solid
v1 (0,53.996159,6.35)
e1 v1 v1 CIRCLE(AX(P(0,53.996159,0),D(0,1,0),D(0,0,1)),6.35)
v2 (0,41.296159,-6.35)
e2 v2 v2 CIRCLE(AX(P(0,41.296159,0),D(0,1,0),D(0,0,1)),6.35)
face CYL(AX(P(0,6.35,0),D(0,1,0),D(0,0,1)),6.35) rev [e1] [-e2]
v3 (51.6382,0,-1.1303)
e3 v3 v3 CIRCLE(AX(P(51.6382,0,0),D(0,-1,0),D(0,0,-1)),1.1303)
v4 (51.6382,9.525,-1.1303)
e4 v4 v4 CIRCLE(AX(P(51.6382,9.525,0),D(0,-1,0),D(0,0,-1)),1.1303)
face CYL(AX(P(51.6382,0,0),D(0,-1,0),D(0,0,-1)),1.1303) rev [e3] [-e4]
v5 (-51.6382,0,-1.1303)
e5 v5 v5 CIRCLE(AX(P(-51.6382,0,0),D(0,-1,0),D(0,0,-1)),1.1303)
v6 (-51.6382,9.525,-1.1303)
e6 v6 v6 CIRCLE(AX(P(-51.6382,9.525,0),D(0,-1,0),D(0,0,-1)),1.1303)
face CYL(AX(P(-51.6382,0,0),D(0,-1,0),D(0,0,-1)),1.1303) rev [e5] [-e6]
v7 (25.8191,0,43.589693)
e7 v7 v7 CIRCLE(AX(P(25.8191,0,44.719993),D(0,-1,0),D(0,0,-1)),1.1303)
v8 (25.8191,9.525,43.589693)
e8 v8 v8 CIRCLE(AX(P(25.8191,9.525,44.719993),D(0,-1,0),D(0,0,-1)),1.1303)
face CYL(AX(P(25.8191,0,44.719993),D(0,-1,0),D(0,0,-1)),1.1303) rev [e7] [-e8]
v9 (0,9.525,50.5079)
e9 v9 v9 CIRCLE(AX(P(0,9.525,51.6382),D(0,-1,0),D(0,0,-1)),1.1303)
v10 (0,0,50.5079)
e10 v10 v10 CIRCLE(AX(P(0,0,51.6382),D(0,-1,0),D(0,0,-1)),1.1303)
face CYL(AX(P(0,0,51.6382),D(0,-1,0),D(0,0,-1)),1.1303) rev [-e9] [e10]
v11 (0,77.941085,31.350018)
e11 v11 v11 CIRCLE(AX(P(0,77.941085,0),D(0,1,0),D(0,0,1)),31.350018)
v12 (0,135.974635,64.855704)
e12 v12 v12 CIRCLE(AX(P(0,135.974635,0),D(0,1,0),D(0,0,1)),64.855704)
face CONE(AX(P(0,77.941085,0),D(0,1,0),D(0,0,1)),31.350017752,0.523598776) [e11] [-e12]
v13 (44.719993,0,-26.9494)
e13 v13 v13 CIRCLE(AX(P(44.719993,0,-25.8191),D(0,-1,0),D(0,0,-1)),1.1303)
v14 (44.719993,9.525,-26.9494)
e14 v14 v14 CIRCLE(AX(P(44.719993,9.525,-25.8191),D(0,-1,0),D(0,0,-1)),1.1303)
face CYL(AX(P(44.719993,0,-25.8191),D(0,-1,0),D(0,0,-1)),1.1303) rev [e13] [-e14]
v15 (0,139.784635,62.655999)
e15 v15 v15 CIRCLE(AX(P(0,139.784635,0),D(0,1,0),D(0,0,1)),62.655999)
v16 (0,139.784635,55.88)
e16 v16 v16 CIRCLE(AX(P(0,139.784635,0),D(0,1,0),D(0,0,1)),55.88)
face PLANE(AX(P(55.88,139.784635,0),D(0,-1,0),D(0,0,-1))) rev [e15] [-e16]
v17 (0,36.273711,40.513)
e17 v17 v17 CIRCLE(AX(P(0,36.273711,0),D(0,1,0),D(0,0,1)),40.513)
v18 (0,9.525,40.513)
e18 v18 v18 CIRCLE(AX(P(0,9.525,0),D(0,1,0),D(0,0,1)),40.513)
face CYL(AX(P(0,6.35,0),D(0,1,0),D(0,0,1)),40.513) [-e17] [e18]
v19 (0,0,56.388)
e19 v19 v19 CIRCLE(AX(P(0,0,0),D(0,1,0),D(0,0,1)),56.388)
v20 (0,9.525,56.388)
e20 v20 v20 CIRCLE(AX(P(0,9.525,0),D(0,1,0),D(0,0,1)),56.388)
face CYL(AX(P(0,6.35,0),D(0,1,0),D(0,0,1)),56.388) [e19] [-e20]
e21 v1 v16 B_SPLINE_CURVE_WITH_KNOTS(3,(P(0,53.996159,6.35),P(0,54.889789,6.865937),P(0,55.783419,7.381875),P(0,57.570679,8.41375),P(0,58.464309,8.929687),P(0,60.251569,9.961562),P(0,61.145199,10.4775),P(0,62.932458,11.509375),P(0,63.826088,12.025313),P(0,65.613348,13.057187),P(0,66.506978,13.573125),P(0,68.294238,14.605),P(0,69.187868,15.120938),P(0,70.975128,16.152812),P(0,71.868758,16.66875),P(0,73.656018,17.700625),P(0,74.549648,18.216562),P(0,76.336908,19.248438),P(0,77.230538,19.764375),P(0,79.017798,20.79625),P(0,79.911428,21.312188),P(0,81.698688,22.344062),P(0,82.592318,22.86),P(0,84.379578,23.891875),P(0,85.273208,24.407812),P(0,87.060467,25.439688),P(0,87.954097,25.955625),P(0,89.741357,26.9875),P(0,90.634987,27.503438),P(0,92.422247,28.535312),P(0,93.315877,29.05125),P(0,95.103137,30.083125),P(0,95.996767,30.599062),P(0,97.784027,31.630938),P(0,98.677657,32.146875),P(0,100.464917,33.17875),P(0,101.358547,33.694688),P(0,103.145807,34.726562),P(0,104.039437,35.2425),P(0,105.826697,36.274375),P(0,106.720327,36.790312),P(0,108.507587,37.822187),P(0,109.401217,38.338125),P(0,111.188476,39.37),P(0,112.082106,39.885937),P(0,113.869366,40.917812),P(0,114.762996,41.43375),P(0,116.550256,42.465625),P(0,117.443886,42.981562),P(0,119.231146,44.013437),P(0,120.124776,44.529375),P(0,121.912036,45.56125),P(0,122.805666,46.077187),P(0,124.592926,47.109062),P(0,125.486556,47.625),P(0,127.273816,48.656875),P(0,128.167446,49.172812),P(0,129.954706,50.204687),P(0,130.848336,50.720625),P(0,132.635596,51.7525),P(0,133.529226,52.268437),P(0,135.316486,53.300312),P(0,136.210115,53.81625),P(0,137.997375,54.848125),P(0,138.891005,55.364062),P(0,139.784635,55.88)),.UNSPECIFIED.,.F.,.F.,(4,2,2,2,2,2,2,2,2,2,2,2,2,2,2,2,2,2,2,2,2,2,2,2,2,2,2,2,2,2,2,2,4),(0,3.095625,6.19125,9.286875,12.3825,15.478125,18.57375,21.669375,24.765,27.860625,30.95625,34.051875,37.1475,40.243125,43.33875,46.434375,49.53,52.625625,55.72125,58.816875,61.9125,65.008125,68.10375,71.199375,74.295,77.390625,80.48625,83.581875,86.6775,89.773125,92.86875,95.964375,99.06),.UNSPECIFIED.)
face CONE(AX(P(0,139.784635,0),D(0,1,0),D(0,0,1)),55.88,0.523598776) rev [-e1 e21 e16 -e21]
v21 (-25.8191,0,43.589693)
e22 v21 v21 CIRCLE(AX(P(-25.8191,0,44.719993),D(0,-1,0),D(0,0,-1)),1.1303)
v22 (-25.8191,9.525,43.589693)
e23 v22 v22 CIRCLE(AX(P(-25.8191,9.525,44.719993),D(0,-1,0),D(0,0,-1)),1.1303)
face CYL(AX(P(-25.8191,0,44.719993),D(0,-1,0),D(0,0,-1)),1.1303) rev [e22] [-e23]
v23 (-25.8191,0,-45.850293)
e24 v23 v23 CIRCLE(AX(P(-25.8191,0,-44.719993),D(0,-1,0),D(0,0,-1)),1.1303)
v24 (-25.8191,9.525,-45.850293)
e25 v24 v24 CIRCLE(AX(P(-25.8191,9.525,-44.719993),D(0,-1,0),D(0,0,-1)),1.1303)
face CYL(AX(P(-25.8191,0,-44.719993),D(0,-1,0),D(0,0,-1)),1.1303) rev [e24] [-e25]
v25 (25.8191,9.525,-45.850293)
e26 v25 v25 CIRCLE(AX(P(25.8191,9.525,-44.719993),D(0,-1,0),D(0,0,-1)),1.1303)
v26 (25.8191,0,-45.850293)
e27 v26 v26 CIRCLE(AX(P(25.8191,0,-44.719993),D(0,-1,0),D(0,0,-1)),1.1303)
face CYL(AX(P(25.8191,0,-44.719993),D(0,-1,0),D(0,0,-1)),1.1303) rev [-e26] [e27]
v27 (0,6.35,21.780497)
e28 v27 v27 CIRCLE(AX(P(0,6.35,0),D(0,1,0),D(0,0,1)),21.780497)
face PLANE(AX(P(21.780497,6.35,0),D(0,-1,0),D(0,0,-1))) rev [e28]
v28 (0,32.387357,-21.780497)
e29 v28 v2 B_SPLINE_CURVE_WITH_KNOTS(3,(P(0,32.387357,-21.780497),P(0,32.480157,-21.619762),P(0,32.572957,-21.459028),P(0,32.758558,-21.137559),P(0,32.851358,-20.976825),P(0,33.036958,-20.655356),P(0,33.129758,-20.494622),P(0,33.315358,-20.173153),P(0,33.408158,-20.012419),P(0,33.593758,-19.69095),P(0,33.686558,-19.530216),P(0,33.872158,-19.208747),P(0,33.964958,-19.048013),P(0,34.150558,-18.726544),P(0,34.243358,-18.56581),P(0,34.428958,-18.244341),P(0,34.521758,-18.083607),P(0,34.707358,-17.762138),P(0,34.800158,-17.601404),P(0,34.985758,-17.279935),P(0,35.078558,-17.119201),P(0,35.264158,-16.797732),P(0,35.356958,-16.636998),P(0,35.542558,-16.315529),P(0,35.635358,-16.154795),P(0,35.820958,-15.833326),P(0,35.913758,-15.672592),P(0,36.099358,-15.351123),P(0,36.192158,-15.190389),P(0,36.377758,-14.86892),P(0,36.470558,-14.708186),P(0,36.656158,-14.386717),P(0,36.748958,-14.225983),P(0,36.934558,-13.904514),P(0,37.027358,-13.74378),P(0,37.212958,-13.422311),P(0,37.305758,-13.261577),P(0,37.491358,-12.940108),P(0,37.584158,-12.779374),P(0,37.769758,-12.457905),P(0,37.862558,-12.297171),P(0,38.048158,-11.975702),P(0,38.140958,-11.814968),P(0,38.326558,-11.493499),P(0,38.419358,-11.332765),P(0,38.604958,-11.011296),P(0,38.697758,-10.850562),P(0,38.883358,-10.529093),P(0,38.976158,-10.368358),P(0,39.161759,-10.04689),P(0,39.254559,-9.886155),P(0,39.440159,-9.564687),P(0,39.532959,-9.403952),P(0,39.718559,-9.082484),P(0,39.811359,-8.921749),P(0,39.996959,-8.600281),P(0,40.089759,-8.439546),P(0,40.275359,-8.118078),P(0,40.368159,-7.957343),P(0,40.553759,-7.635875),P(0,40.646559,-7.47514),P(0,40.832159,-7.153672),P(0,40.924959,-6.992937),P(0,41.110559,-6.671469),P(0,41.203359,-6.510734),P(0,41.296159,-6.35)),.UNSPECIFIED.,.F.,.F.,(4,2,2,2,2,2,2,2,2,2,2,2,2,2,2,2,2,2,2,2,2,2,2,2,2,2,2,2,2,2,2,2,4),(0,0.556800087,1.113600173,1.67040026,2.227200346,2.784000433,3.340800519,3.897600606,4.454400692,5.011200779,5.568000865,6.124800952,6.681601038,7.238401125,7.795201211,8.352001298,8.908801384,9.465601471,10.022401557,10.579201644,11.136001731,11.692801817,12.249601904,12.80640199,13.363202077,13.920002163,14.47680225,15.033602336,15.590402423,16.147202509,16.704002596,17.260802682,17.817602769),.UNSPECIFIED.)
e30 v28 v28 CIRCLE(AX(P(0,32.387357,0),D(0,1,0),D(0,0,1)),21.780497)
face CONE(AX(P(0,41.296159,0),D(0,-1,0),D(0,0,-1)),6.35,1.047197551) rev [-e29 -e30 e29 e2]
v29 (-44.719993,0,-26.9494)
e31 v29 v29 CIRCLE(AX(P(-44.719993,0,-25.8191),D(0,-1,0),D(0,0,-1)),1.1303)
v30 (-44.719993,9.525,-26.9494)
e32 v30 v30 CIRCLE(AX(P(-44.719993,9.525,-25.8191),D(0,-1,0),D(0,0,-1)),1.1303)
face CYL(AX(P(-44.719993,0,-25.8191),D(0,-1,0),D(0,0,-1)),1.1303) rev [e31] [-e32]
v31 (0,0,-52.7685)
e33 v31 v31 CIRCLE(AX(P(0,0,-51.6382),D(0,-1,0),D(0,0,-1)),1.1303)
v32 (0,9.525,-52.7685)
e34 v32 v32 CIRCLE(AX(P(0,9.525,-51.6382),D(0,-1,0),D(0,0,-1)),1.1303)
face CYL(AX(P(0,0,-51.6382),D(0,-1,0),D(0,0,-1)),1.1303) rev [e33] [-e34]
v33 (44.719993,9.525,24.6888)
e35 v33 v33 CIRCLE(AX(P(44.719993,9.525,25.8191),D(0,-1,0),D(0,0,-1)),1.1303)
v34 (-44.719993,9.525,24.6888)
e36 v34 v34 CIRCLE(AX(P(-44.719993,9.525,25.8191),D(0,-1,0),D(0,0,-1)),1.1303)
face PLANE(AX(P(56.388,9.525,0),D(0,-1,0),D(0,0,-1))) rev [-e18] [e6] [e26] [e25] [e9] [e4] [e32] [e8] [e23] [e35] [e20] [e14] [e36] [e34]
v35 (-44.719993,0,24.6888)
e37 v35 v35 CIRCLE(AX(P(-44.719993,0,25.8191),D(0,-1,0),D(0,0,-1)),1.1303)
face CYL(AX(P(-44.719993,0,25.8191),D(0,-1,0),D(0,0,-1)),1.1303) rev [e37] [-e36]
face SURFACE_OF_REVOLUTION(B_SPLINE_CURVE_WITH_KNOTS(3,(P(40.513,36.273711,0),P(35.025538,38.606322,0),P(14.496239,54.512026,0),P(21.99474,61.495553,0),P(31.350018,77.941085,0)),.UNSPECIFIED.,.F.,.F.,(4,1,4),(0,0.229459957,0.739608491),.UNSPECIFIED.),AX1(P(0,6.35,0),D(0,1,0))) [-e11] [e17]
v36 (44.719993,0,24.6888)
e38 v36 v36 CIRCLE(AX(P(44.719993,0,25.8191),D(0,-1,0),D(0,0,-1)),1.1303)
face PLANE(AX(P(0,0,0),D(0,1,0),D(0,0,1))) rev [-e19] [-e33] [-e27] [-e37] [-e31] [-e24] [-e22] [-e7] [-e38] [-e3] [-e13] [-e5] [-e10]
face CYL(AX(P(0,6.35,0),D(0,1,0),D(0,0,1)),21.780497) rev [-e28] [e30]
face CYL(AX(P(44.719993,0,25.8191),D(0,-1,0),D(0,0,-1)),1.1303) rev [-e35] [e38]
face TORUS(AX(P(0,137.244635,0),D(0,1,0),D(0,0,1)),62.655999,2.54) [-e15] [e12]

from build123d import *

# Parameters (mm, degrees)
TAP_DRILL_FOR_4_40_TAP1_REACH  = 195.495
TAP_DRILL_FOR_4_40_TAP1_BORE_R = 1.1303
CIRPATTERN2_COUNT              = 12


with BuildPart() as part:
    # Sketch2 → Revolve1 (revolve)
    with BuildSketch(Plane.XY, mode=Mode.PRIVATE) as revolve1_sk:
        with BuildLine():
            Line((0, 0), (56.388, 0))
            Line((56.388, 0), (56.388, 9.525))
            Line((56.388, 9.525), (40.513, 9.525))
            Line((40.513, 9.525), (40.513, 36.273710772))
            add(Edge.make_bspline(
                [(31.350017752, 77.94108456), (21.994739884, 61.495552558), (14.496239106, 54.512025578), (35.025537779, 38.606321532), (40.513, 36.273710772)],
                knots=[0, 0, 0, 0, 0.510148534, 0.739608491, 0.739608491, 0.739608491, 0.739608491], degree=3))
            Line((31.350017752, 77.94108456), (64.855703913, 135.974635332))
            ThreePointArc((64.855703913, 135.974635332), (64.855703913, 138.514635332), (62.655999387, 139.784635332))
            Line((62.655999387, 139.784635332), (55.88, 139.784635332))
            Line((55.88, 139.784635332), (6.35, 53.996158833))
            Line((6.35, 53.996158833), (6.35, 41.296158833))
            Line((6.35, 41.296158833), (21.780496632, 32.387357449))
            Line((21.780496632, 32.387357449), (21.780496632, 6.35))
            Line((21.780496632, 6.35), (0, 6.35))
            Line((0, 6.35), (0, 0))
        make_face()
    revolve(revolve1_sk.sketch.rotate(Axis((0, 6.35, 0), (0, -1, 0)), 90), axis=Axis((0, 6.35, 0), (0, -1, 0)))

    # Tap Drill for #4-40 Tap1 bore (on position points) → Tap Drill for #4-40 Tap1 (cut, up to next)
    with BuildSketch(Plane(origin=(0, 0, 51.6382), x_dir=(0, 0, -1), z_dir=(0, -1, 0)), mode=Mode.PRIVATE) as tap_drill_for_4_40_tap1_sk1:
        Circle(TAP_DRILL_FOR_4_40_TAP1_BORE_R)
    tap_drill_for_4_40_tap1_tool1 = extrude(tap_drill_for_4_40_tap1_sk1.sketch, amount=-TAP_DRILL_FOR_4_40_TAP1_REACH, mode=Mode.PRIVATE) & part.part
    tap_drill_for_4_40_tap1 = tap_drill_for_4_40_tap1_tool1.solids().sort_by_distance((0, 0, 51.6382))[0]
    add(tap_drill_for_4_40_tap1, mode=Mode.SUBTRACT)

    # CirPattern2: Tap Drill for #4-40 Tap1 ×12 about axis
    cirpattern2_axis = Axis((0, 0, 0), (0, 1, 0))
    for i in range(1, CIRPATTERN2_COUNT):
        add(tap_drill_for_4_40_tap1.rotate(cirpattern2_axis, i * 360 / CIRPATTERN2_COUNT), mode=Mode.SUBTRACT)


solid = part.part
